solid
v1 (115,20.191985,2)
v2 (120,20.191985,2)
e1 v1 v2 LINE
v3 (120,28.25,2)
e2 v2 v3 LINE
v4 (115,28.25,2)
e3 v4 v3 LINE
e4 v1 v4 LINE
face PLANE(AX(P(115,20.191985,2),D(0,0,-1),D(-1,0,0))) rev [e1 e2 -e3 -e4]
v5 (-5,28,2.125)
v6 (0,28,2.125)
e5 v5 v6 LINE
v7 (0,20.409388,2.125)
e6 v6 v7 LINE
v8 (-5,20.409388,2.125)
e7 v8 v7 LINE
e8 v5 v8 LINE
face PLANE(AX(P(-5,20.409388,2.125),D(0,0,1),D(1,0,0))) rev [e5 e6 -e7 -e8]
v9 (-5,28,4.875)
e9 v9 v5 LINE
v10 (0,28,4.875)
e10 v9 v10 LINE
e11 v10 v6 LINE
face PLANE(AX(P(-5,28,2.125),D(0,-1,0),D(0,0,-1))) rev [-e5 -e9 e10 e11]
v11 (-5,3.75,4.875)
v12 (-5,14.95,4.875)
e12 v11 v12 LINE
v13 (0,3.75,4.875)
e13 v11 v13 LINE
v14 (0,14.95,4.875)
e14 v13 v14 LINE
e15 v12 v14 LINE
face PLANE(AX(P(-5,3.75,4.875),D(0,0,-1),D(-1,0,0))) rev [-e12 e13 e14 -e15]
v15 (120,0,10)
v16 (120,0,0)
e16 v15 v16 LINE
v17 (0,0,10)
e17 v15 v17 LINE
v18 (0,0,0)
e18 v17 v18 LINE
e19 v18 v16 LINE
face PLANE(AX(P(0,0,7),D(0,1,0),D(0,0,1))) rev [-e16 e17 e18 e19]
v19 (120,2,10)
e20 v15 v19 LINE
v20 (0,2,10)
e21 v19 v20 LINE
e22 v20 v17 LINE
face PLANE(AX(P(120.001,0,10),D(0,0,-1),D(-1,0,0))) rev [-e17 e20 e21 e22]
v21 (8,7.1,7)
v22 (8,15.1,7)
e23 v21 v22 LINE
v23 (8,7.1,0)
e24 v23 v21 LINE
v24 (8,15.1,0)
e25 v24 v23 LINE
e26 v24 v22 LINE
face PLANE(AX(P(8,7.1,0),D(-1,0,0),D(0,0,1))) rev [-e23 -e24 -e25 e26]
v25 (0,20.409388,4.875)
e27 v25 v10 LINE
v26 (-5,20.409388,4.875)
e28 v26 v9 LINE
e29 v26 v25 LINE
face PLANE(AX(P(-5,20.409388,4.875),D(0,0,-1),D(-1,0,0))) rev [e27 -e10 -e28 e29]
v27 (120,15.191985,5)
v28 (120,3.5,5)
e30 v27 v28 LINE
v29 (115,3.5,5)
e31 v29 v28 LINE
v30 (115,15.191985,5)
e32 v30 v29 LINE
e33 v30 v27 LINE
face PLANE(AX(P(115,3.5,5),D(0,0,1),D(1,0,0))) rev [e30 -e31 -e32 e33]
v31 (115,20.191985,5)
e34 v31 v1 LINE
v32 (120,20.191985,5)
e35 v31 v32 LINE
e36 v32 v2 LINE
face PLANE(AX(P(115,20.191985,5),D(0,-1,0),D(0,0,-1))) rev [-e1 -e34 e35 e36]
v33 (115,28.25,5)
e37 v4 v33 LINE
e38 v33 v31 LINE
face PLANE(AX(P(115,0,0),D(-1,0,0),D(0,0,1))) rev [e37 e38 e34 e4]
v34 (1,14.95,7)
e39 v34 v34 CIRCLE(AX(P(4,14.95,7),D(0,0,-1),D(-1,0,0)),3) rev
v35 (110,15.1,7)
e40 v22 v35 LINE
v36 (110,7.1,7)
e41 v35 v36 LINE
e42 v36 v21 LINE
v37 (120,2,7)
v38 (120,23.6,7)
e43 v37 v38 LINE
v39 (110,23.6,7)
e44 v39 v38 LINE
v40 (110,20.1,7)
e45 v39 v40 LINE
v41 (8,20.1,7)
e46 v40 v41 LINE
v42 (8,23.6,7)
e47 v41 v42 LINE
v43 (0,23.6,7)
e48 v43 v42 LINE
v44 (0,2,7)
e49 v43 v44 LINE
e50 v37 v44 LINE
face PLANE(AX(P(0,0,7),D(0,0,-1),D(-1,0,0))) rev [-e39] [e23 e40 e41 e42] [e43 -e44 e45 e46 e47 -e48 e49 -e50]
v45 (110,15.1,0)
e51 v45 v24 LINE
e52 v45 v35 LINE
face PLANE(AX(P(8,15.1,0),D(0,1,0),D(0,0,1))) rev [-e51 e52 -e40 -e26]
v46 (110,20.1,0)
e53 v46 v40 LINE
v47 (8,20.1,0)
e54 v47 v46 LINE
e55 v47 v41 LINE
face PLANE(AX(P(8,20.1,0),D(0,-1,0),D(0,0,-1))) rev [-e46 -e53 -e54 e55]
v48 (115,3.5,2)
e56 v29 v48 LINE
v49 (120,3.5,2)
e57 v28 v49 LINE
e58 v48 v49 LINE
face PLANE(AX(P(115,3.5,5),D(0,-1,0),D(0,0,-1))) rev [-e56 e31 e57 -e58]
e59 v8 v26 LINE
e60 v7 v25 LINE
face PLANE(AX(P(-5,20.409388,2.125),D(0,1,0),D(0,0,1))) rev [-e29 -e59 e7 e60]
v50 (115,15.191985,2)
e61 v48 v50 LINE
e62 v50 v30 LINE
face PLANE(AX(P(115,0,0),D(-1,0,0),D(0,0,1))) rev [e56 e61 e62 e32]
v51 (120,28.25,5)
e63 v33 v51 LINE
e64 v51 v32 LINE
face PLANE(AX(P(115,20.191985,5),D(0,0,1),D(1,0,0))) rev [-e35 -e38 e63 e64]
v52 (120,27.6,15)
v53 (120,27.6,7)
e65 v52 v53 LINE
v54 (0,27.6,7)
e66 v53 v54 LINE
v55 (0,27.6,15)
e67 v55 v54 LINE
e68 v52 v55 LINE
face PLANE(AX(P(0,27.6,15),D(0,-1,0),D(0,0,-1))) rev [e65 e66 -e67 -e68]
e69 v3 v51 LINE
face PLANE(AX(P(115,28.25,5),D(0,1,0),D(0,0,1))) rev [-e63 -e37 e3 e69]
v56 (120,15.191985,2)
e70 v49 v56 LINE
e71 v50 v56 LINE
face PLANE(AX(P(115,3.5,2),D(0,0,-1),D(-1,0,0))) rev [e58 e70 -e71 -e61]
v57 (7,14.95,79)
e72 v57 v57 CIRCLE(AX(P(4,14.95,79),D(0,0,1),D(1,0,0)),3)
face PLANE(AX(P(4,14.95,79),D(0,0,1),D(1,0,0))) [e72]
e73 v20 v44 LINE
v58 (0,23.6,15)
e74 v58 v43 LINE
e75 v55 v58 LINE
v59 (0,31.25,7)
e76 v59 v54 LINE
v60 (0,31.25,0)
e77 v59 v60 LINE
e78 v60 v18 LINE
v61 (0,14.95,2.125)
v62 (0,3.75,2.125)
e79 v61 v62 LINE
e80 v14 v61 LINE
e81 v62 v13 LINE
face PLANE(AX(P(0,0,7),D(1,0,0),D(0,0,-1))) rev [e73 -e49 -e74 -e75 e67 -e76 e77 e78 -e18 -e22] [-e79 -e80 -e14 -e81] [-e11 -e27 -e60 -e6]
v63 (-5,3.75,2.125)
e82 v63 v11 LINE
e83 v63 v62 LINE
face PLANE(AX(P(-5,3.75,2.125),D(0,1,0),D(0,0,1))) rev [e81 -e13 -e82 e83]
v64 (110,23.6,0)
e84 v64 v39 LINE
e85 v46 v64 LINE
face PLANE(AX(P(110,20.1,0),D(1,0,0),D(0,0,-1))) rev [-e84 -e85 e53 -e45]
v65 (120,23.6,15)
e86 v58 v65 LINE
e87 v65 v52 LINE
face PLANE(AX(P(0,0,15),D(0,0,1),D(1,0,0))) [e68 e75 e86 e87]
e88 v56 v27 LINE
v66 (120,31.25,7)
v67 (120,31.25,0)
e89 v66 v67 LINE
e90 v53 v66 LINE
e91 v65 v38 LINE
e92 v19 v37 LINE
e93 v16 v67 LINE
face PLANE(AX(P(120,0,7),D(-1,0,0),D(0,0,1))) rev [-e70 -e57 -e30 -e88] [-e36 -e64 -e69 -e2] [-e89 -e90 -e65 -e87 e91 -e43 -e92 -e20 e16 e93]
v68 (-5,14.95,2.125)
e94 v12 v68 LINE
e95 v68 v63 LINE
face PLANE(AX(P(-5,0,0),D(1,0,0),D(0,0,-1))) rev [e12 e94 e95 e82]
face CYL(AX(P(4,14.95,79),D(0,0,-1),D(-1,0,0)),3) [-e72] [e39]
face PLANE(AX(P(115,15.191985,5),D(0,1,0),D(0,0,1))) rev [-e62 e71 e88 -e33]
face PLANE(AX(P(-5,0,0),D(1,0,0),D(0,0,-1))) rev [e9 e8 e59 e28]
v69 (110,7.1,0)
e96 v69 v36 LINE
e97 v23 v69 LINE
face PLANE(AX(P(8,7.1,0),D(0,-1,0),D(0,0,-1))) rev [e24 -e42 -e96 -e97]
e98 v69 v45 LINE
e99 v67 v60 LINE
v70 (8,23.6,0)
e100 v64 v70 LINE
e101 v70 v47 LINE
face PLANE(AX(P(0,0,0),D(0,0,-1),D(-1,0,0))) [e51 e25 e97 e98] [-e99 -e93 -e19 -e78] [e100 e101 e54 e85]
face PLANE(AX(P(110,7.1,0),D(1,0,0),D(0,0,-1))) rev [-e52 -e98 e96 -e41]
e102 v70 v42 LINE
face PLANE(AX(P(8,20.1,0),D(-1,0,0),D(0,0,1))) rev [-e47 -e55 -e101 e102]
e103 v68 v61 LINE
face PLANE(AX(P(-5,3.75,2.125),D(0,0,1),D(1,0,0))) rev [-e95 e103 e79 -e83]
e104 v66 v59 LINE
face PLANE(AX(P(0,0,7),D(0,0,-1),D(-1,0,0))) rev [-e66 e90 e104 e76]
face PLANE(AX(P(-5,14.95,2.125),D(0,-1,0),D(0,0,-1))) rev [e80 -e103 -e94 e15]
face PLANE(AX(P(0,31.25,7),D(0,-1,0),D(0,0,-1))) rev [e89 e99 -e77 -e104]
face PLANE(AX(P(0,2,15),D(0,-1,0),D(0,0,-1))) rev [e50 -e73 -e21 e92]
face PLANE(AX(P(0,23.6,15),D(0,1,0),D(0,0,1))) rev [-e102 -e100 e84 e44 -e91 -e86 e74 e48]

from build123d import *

# Parameters (mm, degrees)
SKETCH1_W               = 120
SKETCH1_H               = 31.25
BOSS_EXTRUDE1_DEPTH     = 7
SKETCH2_W               = 120
SKETCH2_H               = 4
SKETCH2_H_2             = 2
BOSS_EXTRUDE2_DEPTH     = 8
CUT_EXTRUDE1_DEPTH      = 125.260059955
CUT_EXTRUDE1_DEPTH_BACK = 125.260059955
SKETCH3_W               = 102
SKETCH3_H               = 8
SKETCH3_H_2             = 3.5
SKETCH4_W               = 2.75
SKETCH4_H               = 7.59061182
SKETCH4_H_2             = 11.2
BOSS_EXTRUDE3_DEPTH     = 5
SKETCH5_W               = 3
SKETCH5_H               = 8.0580149
SKETCH5_H_2             = 11.6919851
CUT_EXTRUDE2_DEPTH      = 5
CUT_EXTRUDE3_REACH      = 126.906
SKETCH6_W               = 5
SKETCH6_H               = 2
SKETCH7_R               = 3
BOSS_EXTRUDE4_DEPTH     = 72


with BuildPart() as part:
    # Sketch1 → Boss-Extrude1 (new body)
    with BuildSketch(Plane.XY):
        with Locations((60, 15.625)):
            Rectangle(SKETCH1_W, SKETCH1_H)
    extrude(amount=BOSS_EXTRUDE1_DEPTH)

    # Sketch2 → Boss-Extrude2 (add)
    with BuildSketch(Plane.XY.offset(7)):
        with Locations((60, 25.6)):
            Rectangle(SKETCH2_W, SKETCH2_H)
        with Locations((60, 1)):
            Rectangle(SKETCH2_W, SKETCH2_H_2)
    extrude(amount=BOSS_EXTRUDE2_DEPTH)

    # Sketch3 → Cut-Extrude1 (cut, two sides: drawn at the far end of the back side and taken through both)
    with BuildSketch(Plane.XY.offset(7).offset(-CUT_EXTRUDE1_DEPTH_BACK)):
        with Locations((59, 11.1)):
            Rectangle(SKETCH3_W, SKETCH3_H)
        with Locations((59, 21.85)):
            Rectangle(SKETCH3_W, SKETCH3_H_2)
    extrude(amount=CUT_EXTRUDE1_DEPTH + CUT_EXTRUDE1_DEPTH_BACK, mode=Mode.SUBTRACT)

    # Sketch4 → Boss-Extrude3 (add)
    with BuildSketch(Plane.ZY):
        with Locations((3.5, 24.20469409)):
            Rectangle(SKETCH4_W, SKETCH4_H)
        with Locations((3.5, 9.35)):
            Rectangle(SKETCH4_W, SKETCH4_H_2)
    extrude(amount=BOSS_EXTRUDE3_DEPTH)

    # Sketch5 → Cut-Extrude2 (cut)
    with BuildSketch(Plane(origin=(120, 0, 0), x_dir=(0, 0, -1), z_dir=(1, 0, 0))):
        with Locations((-3.5, 24.22099255)):
            Rectangle(SKETCH5_W, SKETCH5_H)
        with Locations((-3.5, 9.34599255)):
            Rectangle(SKETCH5_W, SKETCH5_H_2)
    extrude(amount=-CUT_EXTRUDE2_DEPTH, mode=Mode.SUBTRACT)

    # Sketch6 → Cut-Extrude3 (cut, up to next)
    with BuildSketch(Plane.ZY, mode=Mode.PRIVATE) as cut_extrude3_sk1:
        with Locations((12.5, 1)):
            Rectangle(SKETCH6_W, SKETCH6_H)
    cut_extrude3_tool1 = extrude(cut_extrude3_sk1.sketch, amount=-CUT_EXTRUDE3_REACH, mode=Mode.PRIVATE) & part.part
    add(cut_extrude3_tool1.solids().sort_by_distance((0, 1, 12.5))[0], mode=Mode.SUBTRACT)

    # Sketch7 → Boss-Extrude4 (add)
    with BuildSketch(Plane.XY.offset(7)):
        with Locations((4, 14.95)):
            Circle(SKETCH7_R)
    extrude(amount=BOSS_EXTRUDE4_DEPTH)


solid = part.part
